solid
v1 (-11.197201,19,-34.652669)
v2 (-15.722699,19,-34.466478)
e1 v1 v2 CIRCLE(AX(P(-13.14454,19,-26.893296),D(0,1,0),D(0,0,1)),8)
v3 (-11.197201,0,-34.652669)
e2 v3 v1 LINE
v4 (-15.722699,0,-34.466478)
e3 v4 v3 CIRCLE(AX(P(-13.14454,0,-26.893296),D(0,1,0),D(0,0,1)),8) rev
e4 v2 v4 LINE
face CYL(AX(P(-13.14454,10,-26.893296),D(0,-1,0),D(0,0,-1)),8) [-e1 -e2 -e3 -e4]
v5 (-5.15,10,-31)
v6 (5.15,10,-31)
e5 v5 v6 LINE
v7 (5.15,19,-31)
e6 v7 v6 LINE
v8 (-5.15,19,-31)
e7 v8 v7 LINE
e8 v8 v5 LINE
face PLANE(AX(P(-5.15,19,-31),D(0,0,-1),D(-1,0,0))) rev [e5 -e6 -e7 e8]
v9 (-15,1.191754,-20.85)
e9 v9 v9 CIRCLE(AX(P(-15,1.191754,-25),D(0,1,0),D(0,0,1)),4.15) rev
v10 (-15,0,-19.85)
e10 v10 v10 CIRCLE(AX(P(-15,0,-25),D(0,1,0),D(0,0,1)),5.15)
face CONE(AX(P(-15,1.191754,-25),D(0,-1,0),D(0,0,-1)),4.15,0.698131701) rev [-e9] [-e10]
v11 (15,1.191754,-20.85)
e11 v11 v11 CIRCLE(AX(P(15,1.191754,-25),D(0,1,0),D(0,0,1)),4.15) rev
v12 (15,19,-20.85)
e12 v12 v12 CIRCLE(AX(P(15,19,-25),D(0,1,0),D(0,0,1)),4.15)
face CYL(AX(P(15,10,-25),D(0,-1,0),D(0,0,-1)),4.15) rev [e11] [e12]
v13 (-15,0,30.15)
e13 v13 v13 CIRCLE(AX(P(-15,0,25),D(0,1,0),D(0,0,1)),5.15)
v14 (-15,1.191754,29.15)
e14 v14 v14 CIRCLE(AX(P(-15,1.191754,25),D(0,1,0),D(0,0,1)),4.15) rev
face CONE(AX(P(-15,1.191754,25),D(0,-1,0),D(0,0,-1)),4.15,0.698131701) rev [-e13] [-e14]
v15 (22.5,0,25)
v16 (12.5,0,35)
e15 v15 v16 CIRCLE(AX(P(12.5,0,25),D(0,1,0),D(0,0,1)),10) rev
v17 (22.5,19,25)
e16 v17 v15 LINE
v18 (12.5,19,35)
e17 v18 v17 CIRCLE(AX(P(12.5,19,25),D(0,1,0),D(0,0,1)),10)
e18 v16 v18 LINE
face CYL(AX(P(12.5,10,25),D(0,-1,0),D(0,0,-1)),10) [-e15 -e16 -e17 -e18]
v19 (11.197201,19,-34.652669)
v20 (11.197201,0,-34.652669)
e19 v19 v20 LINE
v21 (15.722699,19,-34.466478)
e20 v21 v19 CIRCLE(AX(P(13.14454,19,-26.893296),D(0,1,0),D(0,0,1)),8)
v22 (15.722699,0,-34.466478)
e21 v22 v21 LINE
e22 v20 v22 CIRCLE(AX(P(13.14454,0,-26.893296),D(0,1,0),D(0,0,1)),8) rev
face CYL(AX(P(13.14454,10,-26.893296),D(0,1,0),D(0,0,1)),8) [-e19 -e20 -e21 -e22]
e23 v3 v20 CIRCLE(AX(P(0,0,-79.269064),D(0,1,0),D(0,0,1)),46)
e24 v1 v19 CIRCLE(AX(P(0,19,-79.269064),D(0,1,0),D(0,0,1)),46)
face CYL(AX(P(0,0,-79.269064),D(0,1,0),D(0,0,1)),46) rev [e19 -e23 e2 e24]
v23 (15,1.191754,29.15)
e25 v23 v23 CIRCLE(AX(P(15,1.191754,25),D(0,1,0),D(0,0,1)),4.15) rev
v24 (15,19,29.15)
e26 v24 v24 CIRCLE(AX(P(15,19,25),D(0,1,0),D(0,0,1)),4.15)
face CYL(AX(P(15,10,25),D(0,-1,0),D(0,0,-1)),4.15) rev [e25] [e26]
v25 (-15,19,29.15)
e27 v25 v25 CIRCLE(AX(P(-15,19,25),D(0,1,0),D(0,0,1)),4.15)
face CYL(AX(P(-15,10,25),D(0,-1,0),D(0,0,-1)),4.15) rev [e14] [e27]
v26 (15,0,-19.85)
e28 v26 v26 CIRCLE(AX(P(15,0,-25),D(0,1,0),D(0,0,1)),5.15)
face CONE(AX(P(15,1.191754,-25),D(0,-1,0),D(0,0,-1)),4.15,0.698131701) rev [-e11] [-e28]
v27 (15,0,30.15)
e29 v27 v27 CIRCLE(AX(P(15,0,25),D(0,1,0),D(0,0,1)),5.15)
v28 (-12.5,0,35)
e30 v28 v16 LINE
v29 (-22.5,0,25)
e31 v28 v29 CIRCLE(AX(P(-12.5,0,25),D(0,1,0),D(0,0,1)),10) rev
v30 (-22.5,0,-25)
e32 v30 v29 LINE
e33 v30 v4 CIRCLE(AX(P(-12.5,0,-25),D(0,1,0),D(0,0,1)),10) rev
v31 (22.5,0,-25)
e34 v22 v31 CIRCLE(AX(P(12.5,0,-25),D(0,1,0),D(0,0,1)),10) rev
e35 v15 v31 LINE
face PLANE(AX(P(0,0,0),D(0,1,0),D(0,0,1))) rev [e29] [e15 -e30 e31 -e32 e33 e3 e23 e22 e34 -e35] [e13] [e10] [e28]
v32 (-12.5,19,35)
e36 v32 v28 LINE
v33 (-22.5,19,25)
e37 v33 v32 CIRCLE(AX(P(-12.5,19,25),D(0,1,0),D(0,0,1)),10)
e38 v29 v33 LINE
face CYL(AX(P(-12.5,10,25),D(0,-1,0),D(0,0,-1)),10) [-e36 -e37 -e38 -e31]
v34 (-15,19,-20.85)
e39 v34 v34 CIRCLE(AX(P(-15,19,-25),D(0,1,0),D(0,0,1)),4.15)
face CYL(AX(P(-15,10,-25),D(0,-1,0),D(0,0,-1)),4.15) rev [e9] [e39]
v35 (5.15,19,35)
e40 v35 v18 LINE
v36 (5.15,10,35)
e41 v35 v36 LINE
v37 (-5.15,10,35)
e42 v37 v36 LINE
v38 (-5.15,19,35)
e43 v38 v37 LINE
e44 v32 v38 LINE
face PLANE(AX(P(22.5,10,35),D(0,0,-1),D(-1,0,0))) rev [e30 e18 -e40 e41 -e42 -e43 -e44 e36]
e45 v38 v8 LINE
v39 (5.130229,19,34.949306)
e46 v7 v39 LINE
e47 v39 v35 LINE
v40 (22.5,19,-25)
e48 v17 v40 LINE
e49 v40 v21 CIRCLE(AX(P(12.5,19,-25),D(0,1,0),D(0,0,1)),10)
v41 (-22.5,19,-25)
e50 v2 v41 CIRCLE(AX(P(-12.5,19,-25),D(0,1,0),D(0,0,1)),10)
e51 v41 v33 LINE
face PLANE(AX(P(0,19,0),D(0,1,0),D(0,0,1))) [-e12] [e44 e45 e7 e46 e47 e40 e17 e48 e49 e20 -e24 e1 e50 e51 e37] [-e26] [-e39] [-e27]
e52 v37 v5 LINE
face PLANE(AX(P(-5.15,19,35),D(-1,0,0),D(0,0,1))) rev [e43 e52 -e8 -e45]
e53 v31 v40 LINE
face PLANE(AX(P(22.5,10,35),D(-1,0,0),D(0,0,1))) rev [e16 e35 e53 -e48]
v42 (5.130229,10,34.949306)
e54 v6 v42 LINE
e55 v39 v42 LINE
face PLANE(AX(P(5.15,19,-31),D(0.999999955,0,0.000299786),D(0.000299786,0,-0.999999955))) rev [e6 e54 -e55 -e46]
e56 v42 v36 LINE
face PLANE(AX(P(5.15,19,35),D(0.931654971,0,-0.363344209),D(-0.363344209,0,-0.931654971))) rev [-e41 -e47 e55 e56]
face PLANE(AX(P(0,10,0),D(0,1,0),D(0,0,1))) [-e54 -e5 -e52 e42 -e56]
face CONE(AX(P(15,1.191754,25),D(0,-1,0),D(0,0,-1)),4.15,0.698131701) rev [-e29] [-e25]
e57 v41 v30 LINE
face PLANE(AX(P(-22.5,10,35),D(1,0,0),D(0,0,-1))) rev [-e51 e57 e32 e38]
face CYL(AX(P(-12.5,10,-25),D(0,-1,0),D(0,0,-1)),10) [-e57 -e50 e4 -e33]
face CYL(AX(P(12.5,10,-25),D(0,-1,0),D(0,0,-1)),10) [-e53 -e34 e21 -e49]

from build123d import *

# Parameters (mm, degrees)
SKETCH1_W           = 45
SKETCH1_H           = 70
BOSS_EXTRUDE1_DEPTH = 10
SKETCH3_R           = 4.15
CUT_EXTRUDE2_DEPTH  = 11
SKETCH5_R           = 4.15
BOSS_EXTRUDE2_DEPTH = 9
CHAMFER1_SIZE       = 1
CHAMFER1_SIZE2      = 1.191753593
FILLET1_R           = 10
CUT_EXTRUDE3_DEPTH  = 20
FILLET2_R           = 8


with BuildPart() as part:
    # Sketch1 → Boss-Extrude1 (new body)
    with BuildSketch(Plane(origin=(0, 0, 0), x_dir=(1, 0, 0), z_dir=(0, 1, 0))):
        Rectangle(SKETCH1_W, SKETCH1_H)
    extrude(amount=BOSS_EXTRUDE1_DEPTH)

    # Sketch3 → Cut-Extrude2 (cut, through all)
    with BuildSketch(Plane.XZ):
        with Locations((15, 25)):
            Circle(SKETCH3_R)
        with Locations((15, -25)):
            Circle(SKETCH3_R)
        with Locations((-15, -25)):
            Circle(SKETCH3_R)
        with Locations((-15, 25)):
            Circle(SKETCH3_R)
    extrude(amount=-CUT_EXTRUDE2_DEPTH, mode=Mode.SUBTRACT)

    # Sketch5 → Boss-Extrude2 (add)
    with BuildSketch(Plane(origin=(0, 10, 0), x_dir=(1, 0, 0), z_dir=(0, 1, 0))):
        Polygon((-5.15, -35), (-22.5, -35), (-22.5, 35), (22.5, 35), (22.5, -35), (5.15, -35), (5.130229348, -34.949305848), (5.15, 31), (-5.15, 31), align=None)
        with Locations((-15, 25)):
            Circle(SKETCH5_R, mode=Mode.SUBTRACT)
        with Locations((15, 25)):
            Circle(SKETCH5_R, mode=Mode.SUBTRACT)
        with Locations((15, -25)):
            Circle(SKETCH5_R, mode=Mode.SUBTRACT)
        with Locations((-15, -25)):
            Circle(SKETCH5_R, mode=Mode.SUBTRACT)
    extrude(amount=BOSS_EXTRUDE2_DEPTH)

    # Chamfer1
    chamfer1_edges = [part.edges().sort_by_distance(p)[0] for p in [
        (-19.15, 0, -25),
        (-19.15, 0, 25),
        (10.85, 0, 25),
        (10.85, 0, -25),
    ]]
    chamfer1_side = [part.faces().sort_by_distance(p)[0] for p in [
        (0, 0, 0),
    ]]
    chamfer(chamfer1_edges, length=CHAMFER1_SIZE, length2=CHAMFER1_SIZE2, reference=chamfer1_side[0])

    # Fillet1
    fillet1_edges = [part.edges().sort_by_distance(p)[0] for p in [
        (-22.5, 9.5, -35),
        (22.5, 9.5, -35),
        (22.5, 9.5, 35),
        (-22.5, 9.5, 35),
    ]]
    fillet(fillet1_edges, radius=FILLET1_R)

    # Sketch6 → Cut-Extrude3 (cut, through all)
    with BuildSketch(Plane(origin=(0, 19, 0), x_dir=(1, 0, 0), z_dir=(0, 1, 0))):
        with BuildLine():
            Line((-12.5, 35), (12.5, 35))
            ThreePointArc((12.5, 35), (0, 33.26906369), (-12.5, 35))
        make_face()
    extrude(amount=-CUT_EXTRUDE3_DEPTH, mode=Mode.SUBTRACT)

    # Fillet2
    fillet2_edges = [part.edges().sort_by_distance(p)[0] for p in [
        (-12.5, 9.5, -35),
        (12.5, 9.5, -35),
    ]]
    fillet(fillet2_edges, radius=FILLET2_R)


solid = part.part
